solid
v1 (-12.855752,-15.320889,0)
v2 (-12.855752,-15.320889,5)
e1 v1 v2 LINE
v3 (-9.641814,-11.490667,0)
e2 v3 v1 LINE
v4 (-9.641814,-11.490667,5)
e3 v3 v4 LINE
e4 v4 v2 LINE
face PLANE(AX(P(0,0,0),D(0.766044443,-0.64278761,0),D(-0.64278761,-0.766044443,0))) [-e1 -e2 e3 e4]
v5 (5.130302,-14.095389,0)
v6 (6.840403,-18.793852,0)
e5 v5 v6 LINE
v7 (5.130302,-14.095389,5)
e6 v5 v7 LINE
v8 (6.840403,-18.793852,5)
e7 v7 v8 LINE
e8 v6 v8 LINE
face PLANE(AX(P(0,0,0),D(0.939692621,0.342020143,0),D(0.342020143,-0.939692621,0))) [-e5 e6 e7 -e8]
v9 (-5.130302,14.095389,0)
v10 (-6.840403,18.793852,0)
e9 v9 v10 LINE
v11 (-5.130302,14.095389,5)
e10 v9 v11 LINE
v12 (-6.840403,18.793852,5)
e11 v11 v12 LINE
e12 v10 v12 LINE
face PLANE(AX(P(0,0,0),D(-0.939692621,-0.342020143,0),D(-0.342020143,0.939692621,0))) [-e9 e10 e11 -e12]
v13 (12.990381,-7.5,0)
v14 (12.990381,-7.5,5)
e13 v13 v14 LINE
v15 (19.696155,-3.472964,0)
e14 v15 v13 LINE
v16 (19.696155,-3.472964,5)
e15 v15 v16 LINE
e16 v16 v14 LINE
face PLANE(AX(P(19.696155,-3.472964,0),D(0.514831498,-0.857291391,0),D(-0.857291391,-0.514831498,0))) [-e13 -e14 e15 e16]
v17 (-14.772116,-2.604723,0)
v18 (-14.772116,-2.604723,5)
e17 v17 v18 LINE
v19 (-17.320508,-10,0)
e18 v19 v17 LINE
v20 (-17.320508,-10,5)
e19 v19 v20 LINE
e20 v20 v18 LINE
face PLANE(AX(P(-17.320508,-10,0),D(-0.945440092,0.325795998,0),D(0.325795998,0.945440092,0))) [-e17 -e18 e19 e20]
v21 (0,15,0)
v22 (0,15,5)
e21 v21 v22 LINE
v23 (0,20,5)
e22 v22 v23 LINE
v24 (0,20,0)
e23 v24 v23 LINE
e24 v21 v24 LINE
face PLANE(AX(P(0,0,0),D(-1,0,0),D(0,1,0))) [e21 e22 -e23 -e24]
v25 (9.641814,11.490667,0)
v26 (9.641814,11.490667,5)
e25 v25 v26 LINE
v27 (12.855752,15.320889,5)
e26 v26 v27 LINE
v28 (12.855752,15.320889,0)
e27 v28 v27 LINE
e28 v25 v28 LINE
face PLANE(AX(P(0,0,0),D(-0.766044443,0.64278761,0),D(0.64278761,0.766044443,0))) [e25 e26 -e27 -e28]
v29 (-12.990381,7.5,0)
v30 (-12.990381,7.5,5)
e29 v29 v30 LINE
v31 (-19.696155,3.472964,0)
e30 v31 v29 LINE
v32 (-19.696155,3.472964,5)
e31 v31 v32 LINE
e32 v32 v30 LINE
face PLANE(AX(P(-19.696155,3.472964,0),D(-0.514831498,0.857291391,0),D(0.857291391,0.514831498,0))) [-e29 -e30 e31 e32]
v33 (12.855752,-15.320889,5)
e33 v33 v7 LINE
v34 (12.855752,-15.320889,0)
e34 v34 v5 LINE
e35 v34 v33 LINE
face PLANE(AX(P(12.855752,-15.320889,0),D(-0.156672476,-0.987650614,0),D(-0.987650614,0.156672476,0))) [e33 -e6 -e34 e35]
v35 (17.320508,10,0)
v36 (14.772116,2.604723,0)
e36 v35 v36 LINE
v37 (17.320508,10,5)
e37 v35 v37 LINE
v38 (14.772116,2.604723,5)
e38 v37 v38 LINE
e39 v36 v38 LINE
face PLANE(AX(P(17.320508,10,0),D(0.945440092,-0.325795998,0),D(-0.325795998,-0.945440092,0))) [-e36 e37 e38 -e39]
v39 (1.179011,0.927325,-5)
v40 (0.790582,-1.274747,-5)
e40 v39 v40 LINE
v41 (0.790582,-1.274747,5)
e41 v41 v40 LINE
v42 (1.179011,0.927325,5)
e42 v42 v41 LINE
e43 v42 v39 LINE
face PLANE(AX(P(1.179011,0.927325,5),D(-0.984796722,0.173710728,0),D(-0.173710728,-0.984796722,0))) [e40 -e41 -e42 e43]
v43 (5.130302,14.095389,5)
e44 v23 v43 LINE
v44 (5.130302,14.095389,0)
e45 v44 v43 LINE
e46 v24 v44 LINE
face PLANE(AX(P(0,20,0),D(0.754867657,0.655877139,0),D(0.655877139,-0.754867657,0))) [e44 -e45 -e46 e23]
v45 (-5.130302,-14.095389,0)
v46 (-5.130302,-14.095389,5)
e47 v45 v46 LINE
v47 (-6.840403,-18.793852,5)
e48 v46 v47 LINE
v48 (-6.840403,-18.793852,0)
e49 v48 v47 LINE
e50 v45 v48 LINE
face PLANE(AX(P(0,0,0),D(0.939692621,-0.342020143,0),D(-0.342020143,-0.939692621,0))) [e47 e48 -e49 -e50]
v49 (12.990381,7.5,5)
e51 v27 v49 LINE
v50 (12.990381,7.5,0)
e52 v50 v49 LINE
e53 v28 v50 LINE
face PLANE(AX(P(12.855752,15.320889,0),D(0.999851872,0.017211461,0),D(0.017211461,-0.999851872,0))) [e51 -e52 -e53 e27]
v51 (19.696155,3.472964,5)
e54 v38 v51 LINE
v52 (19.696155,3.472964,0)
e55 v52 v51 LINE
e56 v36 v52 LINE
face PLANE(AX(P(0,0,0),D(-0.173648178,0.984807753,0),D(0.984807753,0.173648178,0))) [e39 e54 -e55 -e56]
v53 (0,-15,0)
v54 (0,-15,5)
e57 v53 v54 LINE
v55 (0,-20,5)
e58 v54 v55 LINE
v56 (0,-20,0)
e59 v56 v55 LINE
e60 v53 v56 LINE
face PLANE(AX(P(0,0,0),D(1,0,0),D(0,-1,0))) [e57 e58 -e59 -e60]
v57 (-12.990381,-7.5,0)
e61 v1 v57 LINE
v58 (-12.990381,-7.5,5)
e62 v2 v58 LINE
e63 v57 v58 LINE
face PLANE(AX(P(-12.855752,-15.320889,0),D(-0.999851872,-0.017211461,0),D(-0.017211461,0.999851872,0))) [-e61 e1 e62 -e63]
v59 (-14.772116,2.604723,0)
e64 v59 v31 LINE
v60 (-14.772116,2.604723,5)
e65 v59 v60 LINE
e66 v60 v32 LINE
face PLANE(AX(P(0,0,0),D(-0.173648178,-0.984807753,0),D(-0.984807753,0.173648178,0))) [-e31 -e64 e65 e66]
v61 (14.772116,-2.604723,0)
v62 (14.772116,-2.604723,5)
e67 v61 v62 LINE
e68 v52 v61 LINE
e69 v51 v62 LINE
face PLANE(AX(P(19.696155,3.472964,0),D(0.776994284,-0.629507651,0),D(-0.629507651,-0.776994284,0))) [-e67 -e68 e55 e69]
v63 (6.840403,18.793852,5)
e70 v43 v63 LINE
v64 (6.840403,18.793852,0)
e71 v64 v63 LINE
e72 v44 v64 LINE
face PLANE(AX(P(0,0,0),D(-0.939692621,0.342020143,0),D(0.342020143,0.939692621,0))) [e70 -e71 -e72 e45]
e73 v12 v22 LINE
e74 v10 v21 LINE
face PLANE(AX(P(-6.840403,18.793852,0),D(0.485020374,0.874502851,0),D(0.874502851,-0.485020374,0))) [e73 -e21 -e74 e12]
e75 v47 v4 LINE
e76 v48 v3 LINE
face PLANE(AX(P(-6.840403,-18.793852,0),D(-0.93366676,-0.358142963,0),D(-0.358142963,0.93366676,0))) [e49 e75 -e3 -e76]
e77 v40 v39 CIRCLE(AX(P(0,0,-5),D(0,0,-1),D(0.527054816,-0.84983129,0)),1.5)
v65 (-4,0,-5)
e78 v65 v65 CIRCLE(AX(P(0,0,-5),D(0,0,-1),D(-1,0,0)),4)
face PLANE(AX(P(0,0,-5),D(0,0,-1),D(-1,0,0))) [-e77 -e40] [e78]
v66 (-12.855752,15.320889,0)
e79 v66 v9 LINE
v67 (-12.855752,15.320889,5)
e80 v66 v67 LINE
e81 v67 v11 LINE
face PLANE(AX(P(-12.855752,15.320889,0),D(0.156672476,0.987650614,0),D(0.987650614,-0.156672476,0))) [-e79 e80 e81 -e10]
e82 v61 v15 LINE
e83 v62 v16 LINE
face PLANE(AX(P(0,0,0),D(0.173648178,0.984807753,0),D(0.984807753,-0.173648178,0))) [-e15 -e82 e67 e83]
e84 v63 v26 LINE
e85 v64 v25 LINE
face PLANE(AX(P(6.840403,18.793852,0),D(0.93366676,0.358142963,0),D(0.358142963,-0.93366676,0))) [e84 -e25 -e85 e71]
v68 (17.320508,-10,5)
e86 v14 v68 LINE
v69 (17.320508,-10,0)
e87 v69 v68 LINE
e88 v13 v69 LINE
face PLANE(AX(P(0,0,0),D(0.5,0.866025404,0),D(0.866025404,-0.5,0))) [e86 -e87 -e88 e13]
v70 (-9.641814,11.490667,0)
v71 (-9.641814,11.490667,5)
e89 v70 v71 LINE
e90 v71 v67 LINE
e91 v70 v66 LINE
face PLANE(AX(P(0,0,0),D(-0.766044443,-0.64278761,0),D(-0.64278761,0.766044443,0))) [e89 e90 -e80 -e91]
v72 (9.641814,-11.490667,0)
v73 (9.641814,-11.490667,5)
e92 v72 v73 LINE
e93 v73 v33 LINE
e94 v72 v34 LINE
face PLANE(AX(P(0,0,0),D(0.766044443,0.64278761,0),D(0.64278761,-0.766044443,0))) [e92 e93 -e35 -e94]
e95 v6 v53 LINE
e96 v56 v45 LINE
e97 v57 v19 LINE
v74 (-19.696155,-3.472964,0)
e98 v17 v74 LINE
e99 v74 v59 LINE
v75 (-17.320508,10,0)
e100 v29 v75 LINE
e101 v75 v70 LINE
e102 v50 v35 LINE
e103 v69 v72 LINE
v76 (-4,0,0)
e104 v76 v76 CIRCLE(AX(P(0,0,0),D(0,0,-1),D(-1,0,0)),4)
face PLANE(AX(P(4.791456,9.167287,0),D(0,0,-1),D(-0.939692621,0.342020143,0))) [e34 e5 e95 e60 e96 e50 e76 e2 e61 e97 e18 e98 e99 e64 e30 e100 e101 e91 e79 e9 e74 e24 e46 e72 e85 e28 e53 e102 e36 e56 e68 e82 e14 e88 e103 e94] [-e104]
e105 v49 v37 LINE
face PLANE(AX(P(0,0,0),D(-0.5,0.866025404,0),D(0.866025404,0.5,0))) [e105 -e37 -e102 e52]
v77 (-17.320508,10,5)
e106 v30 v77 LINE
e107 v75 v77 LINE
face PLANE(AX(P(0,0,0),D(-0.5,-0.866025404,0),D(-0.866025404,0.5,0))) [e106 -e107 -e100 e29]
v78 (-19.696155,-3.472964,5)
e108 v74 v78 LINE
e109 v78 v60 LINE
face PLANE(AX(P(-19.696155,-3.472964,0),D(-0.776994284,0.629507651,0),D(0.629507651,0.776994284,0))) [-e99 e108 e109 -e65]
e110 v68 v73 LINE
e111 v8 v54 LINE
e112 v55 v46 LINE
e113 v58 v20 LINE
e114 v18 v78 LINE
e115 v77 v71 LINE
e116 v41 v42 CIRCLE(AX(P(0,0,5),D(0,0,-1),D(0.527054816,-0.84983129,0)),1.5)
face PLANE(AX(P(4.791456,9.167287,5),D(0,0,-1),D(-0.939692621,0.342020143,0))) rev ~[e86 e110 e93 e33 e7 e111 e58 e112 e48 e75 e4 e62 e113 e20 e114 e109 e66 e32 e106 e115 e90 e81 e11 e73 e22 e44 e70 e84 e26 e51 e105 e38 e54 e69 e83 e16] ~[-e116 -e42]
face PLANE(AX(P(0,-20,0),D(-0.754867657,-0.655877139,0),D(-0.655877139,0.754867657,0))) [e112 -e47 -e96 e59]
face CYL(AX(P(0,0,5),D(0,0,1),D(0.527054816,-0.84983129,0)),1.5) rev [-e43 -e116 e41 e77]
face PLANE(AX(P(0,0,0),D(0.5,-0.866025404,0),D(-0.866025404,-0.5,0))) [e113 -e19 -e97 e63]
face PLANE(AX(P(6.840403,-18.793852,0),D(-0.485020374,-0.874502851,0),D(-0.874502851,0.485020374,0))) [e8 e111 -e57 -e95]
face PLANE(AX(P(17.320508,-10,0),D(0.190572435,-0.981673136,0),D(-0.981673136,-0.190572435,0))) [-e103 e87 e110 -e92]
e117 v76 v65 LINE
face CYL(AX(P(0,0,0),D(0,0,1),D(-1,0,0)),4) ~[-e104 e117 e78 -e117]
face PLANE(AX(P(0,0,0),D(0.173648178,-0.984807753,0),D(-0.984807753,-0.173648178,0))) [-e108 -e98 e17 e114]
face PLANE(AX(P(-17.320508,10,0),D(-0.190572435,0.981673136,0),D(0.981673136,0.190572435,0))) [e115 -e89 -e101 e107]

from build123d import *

# Parameters (mm, degrees)
BOSS_EXTRUDE1_DEPTH = 5
CIRPATTERN1_COUNT   = 18
SKETCH7_R           = 4
BOSS_EXTRUDE3_DEPTH = 5
CUT_EXTRUDE1_DEPTH  = 10


with BuildPart() as part:
    # Sketch1 → Boss-Extrude1 (new body)
    with BuildSketch(Plane.XY):
        Polygon((0, 0), (0, 20), (5.13030215, 14.095389312), align=None)
    boss_extrude1 = extrude(amount=BOSS_EXTRUDE1_DEPTH)

    # CirPattern1: Boss-Extrude1 ×18 about axis
    cirpattern1_axis = Axis((0, 0, 0), (0, 0, 1))
    for i in range(1, CIRPATTERN1_COUNT):
        add(boss_extrude1.rotate(cirpattern1_axis, i * 360 / CIRPATTERN1_COUNT))

    # Sketch7 → Boss-Extrude3 (add)
    with BuildSketch(Plane(origin=(0, 0, 0), x_dir=(-1, 0, 0), z_dir=(0, 0, -1))):
        Circle(SKETCH7_R)
    extrude(amount=BOSS_EXTRUDE3_DEPTH)

    # Sketch5 → Cut-Extrude1 (cut)
    with BuildSketch(Plane.XY.offset(5)):
        with BuildLine():
            Line((1.17901122, 0.927325479), (0.790582224, -1.274746935))
            ThreePointArc((0.790582224, -1.274746935), (-1.477195083, 0.260566092), (1.17901122, 0.927325479))
        make_face()
    extrude(amount=-CUT_EXTRUDE1_DEPTH, mode=Mode.SUBTRACT)


solid = part.part
